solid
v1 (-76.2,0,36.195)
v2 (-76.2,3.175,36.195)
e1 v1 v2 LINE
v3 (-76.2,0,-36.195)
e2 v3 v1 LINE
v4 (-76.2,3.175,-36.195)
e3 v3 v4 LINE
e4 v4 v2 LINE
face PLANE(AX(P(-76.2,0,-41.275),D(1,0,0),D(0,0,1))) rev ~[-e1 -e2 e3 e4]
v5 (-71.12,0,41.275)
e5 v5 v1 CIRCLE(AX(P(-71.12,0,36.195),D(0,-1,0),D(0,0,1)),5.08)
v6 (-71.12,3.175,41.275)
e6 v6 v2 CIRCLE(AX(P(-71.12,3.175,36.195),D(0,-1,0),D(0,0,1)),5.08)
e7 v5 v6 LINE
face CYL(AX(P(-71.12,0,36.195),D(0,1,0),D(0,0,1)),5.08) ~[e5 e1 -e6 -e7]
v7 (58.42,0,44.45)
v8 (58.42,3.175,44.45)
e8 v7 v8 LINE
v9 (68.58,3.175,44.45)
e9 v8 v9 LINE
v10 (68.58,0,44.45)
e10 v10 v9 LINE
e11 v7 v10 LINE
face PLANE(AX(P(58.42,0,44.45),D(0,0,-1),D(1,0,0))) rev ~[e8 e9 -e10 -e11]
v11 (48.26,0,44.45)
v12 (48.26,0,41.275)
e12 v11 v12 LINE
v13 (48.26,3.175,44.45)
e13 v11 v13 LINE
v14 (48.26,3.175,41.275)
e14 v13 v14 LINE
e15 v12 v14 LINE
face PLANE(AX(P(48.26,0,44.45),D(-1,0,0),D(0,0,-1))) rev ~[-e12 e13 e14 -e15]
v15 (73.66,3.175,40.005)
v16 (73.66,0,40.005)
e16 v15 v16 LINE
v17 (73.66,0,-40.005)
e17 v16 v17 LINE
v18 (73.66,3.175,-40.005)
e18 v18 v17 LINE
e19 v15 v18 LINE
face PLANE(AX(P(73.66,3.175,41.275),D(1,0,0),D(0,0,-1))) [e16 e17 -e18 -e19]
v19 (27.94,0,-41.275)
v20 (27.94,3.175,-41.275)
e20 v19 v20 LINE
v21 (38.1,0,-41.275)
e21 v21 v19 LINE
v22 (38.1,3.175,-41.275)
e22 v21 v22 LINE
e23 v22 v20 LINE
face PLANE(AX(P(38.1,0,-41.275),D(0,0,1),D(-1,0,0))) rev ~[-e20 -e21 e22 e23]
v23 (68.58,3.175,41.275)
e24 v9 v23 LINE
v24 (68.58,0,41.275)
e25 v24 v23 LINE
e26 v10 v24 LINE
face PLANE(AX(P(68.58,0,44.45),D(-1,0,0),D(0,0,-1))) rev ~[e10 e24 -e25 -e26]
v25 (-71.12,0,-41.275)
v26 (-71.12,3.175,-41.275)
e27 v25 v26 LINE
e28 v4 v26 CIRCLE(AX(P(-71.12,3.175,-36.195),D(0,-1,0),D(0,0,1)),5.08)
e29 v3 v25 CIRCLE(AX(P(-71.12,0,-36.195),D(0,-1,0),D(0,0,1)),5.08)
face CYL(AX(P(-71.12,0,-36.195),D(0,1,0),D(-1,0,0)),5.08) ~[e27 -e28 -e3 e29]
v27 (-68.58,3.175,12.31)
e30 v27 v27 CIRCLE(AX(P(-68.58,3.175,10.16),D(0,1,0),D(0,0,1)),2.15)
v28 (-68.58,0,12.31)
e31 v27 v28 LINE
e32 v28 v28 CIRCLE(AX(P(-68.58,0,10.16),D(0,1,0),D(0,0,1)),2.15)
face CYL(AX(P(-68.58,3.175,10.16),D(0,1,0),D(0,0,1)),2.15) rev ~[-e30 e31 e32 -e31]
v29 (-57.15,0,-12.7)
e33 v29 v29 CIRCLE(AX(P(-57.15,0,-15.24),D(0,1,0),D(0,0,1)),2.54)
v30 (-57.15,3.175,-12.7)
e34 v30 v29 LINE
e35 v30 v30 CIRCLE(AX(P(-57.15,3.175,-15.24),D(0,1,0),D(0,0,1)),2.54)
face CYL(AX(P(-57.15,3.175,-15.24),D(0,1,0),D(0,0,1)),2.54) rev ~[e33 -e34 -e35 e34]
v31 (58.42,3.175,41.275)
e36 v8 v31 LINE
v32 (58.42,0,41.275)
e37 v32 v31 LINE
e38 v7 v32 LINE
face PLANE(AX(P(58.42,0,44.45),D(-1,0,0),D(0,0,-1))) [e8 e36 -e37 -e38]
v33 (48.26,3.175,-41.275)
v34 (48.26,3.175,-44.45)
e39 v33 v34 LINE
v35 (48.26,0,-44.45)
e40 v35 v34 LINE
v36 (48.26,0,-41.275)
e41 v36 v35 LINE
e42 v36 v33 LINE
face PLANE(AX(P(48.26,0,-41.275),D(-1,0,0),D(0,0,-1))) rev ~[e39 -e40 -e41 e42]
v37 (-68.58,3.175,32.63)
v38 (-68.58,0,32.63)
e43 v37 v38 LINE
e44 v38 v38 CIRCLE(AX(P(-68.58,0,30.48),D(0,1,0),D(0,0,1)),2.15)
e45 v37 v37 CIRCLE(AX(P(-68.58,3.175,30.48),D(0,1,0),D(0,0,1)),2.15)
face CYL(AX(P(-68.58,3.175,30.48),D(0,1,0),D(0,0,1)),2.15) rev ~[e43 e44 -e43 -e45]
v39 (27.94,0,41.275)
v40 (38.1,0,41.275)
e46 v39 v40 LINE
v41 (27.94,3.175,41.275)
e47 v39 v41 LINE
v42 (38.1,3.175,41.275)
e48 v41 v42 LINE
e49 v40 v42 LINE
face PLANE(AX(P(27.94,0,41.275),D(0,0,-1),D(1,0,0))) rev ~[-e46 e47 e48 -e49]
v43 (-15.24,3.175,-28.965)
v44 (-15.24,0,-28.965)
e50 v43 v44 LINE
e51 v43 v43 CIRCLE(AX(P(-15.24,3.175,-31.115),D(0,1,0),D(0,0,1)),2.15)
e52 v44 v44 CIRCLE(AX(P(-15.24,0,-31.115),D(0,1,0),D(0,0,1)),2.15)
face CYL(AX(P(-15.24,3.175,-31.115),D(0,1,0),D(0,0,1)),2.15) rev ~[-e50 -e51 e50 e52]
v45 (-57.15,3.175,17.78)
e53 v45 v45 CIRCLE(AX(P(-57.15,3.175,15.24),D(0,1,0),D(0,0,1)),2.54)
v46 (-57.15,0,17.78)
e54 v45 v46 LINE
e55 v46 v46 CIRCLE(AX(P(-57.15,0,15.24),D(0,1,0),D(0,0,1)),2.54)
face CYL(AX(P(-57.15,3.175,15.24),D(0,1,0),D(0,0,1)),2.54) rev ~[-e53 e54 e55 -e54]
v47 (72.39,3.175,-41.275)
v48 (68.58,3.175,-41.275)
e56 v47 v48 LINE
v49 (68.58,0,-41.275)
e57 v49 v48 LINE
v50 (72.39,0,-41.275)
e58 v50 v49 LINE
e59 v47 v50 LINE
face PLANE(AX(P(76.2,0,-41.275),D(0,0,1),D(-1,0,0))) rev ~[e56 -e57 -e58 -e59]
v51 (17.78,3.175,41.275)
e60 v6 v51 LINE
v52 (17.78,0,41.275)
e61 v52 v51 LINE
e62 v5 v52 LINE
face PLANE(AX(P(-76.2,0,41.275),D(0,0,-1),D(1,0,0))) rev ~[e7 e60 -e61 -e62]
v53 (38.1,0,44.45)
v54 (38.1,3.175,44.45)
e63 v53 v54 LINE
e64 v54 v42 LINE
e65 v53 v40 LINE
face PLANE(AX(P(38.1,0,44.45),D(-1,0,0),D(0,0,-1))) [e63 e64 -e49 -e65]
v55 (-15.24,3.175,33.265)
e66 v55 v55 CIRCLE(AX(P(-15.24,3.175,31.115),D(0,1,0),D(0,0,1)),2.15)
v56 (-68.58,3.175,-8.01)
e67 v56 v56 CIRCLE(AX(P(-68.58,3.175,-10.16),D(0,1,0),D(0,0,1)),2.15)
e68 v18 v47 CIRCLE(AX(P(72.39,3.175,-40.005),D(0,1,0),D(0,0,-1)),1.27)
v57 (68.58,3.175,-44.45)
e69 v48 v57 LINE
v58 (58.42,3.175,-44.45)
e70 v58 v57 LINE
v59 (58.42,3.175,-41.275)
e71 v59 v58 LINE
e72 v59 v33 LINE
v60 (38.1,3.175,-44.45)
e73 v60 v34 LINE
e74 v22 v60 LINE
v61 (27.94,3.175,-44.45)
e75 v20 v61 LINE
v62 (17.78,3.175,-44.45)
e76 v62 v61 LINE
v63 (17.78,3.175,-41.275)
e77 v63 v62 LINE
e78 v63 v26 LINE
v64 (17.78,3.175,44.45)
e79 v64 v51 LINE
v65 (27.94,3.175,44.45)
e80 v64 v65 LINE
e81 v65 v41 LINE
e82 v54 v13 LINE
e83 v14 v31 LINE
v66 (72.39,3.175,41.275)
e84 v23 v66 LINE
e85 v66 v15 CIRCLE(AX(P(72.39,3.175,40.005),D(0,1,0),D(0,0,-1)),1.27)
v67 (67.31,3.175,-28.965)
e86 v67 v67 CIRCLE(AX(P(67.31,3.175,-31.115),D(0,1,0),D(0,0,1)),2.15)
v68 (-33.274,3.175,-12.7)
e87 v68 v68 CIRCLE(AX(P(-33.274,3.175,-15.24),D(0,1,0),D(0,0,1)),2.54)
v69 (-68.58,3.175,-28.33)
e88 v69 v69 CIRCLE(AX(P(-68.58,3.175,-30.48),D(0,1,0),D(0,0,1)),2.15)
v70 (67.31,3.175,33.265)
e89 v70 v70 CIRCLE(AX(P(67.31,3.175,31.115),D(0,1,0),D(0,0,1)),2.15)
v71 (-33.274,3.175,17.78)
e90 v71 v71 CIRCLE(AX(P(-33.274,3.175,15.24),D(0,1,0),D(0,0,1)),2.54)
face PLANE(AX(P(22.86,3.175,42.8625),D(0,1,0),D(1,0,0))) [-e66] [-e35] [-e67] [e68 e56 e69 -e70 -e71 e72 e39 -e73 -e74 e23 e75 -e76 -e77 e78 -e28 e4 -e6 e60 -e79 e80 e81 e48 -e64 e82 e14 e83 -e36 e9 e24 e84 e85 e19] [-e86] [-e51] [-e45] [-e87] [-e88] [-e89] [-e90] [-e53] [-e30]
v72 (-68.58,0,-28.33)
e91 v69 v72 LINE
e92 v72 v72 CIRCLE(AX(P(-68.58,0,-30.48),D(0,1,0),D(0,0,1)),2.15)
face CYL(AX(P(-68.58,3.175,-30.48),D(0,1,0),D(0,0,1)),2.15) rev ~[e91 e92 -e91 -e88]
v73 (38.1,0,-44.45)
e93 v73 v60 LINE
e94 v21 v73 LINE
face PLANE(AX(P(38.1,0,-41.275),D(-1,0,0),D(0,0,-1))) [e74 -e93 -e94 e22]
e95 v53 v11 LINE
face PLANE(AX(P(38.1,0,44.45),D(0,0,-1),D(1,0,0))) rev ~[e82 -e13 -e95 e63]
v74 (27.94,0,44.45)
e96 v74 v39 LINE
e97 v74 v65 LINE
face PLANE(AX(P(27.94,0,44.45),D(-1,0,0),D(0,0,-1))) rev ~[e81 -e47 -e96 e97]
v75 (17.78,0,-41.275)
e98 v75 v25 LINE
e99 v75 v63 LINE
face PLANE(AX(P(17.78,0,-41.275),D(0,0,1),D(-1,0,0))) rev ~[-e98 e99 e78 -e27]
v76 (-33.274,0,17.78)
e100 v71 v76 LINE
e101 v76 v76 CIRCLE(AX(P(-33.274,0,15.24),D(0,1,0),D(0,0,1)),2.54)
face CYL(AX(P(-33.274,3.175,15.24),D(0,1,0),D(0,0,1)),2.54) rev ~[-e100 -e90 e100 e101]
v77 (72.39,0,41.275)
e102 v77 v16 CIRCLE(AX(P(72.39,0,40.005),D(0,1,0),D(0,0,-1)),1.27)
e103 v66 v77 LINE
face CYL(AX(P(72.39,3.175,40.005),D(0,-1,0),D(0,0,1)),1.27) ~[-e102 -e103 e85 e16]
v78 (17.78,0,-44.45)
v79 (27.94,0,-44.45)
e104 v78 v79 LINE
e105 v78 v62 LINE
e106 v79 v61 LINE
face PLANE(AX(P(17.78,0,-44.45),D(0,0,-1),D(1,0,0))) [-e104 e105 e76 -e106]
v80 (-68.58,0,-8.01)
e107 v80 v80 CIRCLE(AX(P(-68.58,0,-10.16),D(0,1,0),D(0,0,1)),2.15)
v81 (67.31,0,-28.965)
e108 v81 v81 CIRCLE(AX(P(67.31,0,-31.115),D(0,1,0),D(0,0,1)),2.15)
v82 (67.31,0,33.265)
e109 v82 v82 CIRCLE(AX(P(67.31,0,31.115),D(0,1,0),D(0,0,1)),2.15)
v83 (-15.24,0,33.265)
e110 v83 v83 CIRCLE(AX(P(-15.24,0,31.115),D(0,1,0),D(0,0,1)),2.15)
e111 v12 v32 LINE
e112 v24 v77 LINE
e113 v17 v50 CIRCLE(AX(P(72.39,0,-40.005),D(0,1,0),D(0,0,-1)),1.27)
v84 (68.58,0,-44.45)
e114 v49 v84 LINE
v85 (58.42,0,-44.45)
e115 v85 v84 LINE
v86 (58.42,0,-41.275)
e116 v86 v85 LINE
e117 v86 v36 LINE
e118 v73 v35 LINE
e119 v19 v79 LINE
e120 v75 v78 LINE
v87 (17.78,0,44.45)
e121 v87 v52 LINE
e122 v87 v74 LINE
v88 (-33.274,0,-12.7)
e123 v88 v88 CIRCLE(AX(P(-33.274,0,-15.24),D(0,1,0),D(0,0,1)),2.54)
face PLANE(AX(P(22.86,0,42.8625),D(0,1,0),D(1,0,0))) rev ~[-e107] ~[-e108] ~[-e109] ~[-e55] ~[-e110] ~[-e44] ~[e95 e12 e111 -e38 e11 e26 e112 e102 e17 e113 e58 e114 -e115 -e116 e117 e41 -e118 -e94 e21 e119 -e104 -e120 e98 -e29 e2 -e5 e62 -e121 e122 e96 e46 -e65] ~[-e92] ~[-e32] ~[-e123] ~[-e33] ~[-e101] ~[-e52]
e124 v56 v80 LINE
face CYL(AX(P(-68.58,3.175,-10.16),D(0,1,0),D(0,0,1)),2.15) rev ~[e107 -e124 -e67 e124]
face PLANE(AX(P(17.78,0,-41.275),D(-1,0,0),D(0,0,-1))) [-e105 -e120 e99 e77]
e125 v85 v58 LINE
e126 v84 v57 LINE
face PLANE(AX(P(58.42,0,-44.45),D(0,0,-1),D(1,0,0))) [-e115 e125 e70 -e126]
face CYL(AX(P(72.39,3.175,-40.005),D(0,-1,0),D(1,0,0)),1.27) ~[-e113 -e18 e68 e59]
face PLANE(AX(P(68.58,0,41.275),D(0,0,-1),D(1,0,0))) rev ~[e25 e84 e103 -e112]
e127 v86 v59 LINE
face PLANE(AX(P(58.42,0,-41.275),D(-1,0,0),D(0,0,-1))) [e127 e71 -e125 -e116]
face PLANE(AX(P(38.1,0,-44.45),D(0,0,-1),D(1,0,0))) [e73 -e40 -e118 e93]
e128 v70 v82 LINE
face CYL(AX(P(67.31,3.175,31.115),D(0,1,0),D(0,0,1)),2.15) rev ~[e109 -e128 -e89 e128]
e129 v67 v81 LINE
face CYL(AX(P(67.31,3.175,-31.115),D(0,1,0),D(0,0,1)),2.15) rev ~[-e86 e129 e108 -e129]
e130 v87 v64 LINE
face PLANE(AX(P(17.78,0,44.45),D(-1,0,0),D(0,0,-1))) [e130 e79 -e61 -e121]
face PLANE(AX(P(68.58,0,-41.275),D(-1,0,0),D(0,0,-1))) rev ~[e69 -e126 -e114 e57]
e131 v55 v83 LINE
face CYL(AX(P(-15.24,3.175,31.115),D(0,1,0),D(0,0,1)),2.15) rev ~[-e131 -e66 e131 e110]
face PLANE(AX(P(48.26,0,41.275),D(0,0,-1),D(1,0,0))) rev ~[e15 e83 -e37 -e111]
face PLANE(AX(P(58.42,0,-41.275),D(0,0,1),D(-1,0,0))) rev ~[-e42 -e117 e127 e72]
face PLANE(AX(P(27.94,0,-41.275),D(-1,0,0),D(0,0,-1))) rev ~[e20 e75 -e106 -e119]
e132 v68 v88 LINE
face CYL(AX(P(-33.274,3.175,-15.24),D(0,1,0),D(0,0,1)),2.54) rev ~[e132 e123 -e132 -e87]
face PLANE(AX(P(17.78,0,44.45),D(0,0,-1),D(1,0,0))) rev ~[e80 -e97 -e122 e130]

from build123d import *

# Parameters (mm, degrees)
SKETCH1_W                     = 10.16
SKETCH1_H                     = 3.175
MAIN_EXTRUDE_DEPTH            = 3.175
SKETCH2_R                     = 2.54
CASTER_MOUNTING_HOLES_DEPTH   = 89.274136218
SKETCH3_W                     = 2.54
SKETCH3_H                     = 82.55
REMOVE_UNEVEN_BACK_EDGE_DEPTH = 89.274136218
SKETCH5_R                     = 2.15
STANDOFF_HOLES_DEPTH          = 89.274136218
FILLET1_R                     = 5.08
FILLET2_R                     = 1.27
FILLET3_R                     = 1.27
SKETCH9_R                     = 2.15
FRONT_MOUNTING_HOLES_DEPTH    = 89.274136218


with BuildPart() as part:
    # Sketch1 → Main Extrude (new body)
    with BuildSketch(Plane(origin=(0, 0, 0), x_dir=(1, 0, 0), z_dir=(0, 1, 0))):
        with Locations((22.86, -42.8625)):
            Rectangle(SKETCH1_W, SKETCH1_H)
        Polygon((27.94, -41.275), (38.1, -41.275), (48.26, -41.275), (58.42, -41.275), (68.58, -41.275), (76.2, -41.275), (76.2, 41.275), (68.58, 41.275), (58.42, 41.275), (48.26, 41.275), (38.1, 41.275), (27.94, 41.275), (17.78, 41.275), (-76.2, 41.275), (-76.2, -41.275), (17.78, -41.275), align=None)
        with Locations((43.18, -42.8625)):
            Rectangle(SKETCH1_W, SKETCH1_H)
        with Locations((22.86, 42.8625)):
            Rectangle(SKETCH1_W, SKETCH1_H)
        with Locations((63.5, -42.8625)):
            Rectangle(SKETCH1_W, SKETCH1_H)
        with Locations((63.5, 42.8625)):
            Rectangle(SKETCH1_W, SKETCH1_H)
        with Locations((43.18, 42.8625)):
            Rectangle(SKETCH1_W, SKETCH1_H)
    extrude(amount=MAIN_EXTRUDE_DEPTH)

    # Sketch2 → Caster Mounting Holes (cut, through all)
    with BuildSketch(Plane(origin=(0, 3.175, 0), x_dir=(1, 0, 0), z_dir=(0, 1, 0))):
        with Locations(Location((-57.15, 15.24, 0), (0, 0, 270))):
            Circle(SKETCH2_R)
        with Locations(Location((-33.274, 15.24, 0), (0, 0, 270))):
            Circle(SKETCH2_R)
        with Locations(Location((-33.274, -15.24, 0), (0, 0, 270))):
            Circle(SKETCH2_R)
        with Locations(Location((-57.15, -15.24, 0), (0, 0, 270))):
            Circle(SKETCH2_R)
    extrude(amount=-CASTER_MOUNTING_HOLES_DEPTH, mode=Mode.SUBTRACT)

    # Sketch3 → Remove Uneven Back Edge (cut, through all)
    with BuildSketch(Plane(origin=(0, 3.175, 0), x_dir=(1, 0, 0), z_dir=(0, 1, 0))):
        with Locations((74.93, 0)):
            Rectangle(SKETCH3_W, SKETCH3_H)
    extrude(amount=-REMOVE_UNEVEN_BACK_EDGE_DEPTH, mode=Mode.SUBTRACT)

    # Sketch5 → Standoff Holes (cut, through all)
    with BuildSketch(Plane(origin=(0, 3.175, 0), x_dir=(1, 0, 0), z_dir=(0, 1, 0))):
        with Locations(Location((-15.24, 31.115, 0), (0, 0, 270))):
            Circle(SKETCH5_R)
        with Locations(Location((67.31, 31.115, 0), (0, 0, 270))):
            Circle(SKETCH5_R)
        with Locations(Location((67.31, -31.115, 0), (0, 0, 270))):
            Circle(SKETCH5_R)
        with Locations(Location((-15.24, -31.115, 0), (0, 0, 270))):
            Circle(SKETCH5_R)
    extrude(amount=-STANDOFF_HOLES_DEPTH, mode=Mode.SUBTRACT)

    # Fillet1
    fillet1_edges = [part.edges().sort_by_distance(p)[0] for p in [
        (-76.2, 1.5875, 41.275),
        (-76.2, 1.5875, -41.275),
    ]]
    fillet(fillet1_edges, radius=FILLET1_R)

    # Fillet2
    fillet2_edges = [part.edges().sort_by_distance(p)[0] for p in [
        (73.66, 1.5875, 41.275),
    ]]
    fillet(fillet2_edges, radius=FILLET2_R)

    # Fillet3
    fillet3_edges = [part.edges().sort_by_distance(p)[0] for p in [
        (73.66, 1.5875, -41.275),
    ]]
    fillet(fillet3_edges, radius=FILLET3_R)

    # Sketch9 → Front Mounting Holes (cut, through all)
    with BuildSketch(Plane(origin=(0, 3.175, 0), x_dir=(1, 0, 0), z_dir=(0, 1, 0))):
        with Locations(Location((-68.58, -30.48, 0), (0, 0, 270))):
            Circle(SKETCH9_R)
        with Locations(Location((-68.58, -10.16, 0), (0, 0, 270))):
            Circle(SKETCH9_R)
        with Locations(Location((-68.58, 10.16, 0), (0, 0, 270))):
            Circle(SKETCH9_R)
        with Locations(Location((-68.58, 30.48, 0), (0, 0, 270))):
            Circle(SKETCH9_R)
    extrude(amount=-FRONT_MOUNTING_HOLES_DEPTH, mode=Mode.SUBTRACT)


solid = part.part
